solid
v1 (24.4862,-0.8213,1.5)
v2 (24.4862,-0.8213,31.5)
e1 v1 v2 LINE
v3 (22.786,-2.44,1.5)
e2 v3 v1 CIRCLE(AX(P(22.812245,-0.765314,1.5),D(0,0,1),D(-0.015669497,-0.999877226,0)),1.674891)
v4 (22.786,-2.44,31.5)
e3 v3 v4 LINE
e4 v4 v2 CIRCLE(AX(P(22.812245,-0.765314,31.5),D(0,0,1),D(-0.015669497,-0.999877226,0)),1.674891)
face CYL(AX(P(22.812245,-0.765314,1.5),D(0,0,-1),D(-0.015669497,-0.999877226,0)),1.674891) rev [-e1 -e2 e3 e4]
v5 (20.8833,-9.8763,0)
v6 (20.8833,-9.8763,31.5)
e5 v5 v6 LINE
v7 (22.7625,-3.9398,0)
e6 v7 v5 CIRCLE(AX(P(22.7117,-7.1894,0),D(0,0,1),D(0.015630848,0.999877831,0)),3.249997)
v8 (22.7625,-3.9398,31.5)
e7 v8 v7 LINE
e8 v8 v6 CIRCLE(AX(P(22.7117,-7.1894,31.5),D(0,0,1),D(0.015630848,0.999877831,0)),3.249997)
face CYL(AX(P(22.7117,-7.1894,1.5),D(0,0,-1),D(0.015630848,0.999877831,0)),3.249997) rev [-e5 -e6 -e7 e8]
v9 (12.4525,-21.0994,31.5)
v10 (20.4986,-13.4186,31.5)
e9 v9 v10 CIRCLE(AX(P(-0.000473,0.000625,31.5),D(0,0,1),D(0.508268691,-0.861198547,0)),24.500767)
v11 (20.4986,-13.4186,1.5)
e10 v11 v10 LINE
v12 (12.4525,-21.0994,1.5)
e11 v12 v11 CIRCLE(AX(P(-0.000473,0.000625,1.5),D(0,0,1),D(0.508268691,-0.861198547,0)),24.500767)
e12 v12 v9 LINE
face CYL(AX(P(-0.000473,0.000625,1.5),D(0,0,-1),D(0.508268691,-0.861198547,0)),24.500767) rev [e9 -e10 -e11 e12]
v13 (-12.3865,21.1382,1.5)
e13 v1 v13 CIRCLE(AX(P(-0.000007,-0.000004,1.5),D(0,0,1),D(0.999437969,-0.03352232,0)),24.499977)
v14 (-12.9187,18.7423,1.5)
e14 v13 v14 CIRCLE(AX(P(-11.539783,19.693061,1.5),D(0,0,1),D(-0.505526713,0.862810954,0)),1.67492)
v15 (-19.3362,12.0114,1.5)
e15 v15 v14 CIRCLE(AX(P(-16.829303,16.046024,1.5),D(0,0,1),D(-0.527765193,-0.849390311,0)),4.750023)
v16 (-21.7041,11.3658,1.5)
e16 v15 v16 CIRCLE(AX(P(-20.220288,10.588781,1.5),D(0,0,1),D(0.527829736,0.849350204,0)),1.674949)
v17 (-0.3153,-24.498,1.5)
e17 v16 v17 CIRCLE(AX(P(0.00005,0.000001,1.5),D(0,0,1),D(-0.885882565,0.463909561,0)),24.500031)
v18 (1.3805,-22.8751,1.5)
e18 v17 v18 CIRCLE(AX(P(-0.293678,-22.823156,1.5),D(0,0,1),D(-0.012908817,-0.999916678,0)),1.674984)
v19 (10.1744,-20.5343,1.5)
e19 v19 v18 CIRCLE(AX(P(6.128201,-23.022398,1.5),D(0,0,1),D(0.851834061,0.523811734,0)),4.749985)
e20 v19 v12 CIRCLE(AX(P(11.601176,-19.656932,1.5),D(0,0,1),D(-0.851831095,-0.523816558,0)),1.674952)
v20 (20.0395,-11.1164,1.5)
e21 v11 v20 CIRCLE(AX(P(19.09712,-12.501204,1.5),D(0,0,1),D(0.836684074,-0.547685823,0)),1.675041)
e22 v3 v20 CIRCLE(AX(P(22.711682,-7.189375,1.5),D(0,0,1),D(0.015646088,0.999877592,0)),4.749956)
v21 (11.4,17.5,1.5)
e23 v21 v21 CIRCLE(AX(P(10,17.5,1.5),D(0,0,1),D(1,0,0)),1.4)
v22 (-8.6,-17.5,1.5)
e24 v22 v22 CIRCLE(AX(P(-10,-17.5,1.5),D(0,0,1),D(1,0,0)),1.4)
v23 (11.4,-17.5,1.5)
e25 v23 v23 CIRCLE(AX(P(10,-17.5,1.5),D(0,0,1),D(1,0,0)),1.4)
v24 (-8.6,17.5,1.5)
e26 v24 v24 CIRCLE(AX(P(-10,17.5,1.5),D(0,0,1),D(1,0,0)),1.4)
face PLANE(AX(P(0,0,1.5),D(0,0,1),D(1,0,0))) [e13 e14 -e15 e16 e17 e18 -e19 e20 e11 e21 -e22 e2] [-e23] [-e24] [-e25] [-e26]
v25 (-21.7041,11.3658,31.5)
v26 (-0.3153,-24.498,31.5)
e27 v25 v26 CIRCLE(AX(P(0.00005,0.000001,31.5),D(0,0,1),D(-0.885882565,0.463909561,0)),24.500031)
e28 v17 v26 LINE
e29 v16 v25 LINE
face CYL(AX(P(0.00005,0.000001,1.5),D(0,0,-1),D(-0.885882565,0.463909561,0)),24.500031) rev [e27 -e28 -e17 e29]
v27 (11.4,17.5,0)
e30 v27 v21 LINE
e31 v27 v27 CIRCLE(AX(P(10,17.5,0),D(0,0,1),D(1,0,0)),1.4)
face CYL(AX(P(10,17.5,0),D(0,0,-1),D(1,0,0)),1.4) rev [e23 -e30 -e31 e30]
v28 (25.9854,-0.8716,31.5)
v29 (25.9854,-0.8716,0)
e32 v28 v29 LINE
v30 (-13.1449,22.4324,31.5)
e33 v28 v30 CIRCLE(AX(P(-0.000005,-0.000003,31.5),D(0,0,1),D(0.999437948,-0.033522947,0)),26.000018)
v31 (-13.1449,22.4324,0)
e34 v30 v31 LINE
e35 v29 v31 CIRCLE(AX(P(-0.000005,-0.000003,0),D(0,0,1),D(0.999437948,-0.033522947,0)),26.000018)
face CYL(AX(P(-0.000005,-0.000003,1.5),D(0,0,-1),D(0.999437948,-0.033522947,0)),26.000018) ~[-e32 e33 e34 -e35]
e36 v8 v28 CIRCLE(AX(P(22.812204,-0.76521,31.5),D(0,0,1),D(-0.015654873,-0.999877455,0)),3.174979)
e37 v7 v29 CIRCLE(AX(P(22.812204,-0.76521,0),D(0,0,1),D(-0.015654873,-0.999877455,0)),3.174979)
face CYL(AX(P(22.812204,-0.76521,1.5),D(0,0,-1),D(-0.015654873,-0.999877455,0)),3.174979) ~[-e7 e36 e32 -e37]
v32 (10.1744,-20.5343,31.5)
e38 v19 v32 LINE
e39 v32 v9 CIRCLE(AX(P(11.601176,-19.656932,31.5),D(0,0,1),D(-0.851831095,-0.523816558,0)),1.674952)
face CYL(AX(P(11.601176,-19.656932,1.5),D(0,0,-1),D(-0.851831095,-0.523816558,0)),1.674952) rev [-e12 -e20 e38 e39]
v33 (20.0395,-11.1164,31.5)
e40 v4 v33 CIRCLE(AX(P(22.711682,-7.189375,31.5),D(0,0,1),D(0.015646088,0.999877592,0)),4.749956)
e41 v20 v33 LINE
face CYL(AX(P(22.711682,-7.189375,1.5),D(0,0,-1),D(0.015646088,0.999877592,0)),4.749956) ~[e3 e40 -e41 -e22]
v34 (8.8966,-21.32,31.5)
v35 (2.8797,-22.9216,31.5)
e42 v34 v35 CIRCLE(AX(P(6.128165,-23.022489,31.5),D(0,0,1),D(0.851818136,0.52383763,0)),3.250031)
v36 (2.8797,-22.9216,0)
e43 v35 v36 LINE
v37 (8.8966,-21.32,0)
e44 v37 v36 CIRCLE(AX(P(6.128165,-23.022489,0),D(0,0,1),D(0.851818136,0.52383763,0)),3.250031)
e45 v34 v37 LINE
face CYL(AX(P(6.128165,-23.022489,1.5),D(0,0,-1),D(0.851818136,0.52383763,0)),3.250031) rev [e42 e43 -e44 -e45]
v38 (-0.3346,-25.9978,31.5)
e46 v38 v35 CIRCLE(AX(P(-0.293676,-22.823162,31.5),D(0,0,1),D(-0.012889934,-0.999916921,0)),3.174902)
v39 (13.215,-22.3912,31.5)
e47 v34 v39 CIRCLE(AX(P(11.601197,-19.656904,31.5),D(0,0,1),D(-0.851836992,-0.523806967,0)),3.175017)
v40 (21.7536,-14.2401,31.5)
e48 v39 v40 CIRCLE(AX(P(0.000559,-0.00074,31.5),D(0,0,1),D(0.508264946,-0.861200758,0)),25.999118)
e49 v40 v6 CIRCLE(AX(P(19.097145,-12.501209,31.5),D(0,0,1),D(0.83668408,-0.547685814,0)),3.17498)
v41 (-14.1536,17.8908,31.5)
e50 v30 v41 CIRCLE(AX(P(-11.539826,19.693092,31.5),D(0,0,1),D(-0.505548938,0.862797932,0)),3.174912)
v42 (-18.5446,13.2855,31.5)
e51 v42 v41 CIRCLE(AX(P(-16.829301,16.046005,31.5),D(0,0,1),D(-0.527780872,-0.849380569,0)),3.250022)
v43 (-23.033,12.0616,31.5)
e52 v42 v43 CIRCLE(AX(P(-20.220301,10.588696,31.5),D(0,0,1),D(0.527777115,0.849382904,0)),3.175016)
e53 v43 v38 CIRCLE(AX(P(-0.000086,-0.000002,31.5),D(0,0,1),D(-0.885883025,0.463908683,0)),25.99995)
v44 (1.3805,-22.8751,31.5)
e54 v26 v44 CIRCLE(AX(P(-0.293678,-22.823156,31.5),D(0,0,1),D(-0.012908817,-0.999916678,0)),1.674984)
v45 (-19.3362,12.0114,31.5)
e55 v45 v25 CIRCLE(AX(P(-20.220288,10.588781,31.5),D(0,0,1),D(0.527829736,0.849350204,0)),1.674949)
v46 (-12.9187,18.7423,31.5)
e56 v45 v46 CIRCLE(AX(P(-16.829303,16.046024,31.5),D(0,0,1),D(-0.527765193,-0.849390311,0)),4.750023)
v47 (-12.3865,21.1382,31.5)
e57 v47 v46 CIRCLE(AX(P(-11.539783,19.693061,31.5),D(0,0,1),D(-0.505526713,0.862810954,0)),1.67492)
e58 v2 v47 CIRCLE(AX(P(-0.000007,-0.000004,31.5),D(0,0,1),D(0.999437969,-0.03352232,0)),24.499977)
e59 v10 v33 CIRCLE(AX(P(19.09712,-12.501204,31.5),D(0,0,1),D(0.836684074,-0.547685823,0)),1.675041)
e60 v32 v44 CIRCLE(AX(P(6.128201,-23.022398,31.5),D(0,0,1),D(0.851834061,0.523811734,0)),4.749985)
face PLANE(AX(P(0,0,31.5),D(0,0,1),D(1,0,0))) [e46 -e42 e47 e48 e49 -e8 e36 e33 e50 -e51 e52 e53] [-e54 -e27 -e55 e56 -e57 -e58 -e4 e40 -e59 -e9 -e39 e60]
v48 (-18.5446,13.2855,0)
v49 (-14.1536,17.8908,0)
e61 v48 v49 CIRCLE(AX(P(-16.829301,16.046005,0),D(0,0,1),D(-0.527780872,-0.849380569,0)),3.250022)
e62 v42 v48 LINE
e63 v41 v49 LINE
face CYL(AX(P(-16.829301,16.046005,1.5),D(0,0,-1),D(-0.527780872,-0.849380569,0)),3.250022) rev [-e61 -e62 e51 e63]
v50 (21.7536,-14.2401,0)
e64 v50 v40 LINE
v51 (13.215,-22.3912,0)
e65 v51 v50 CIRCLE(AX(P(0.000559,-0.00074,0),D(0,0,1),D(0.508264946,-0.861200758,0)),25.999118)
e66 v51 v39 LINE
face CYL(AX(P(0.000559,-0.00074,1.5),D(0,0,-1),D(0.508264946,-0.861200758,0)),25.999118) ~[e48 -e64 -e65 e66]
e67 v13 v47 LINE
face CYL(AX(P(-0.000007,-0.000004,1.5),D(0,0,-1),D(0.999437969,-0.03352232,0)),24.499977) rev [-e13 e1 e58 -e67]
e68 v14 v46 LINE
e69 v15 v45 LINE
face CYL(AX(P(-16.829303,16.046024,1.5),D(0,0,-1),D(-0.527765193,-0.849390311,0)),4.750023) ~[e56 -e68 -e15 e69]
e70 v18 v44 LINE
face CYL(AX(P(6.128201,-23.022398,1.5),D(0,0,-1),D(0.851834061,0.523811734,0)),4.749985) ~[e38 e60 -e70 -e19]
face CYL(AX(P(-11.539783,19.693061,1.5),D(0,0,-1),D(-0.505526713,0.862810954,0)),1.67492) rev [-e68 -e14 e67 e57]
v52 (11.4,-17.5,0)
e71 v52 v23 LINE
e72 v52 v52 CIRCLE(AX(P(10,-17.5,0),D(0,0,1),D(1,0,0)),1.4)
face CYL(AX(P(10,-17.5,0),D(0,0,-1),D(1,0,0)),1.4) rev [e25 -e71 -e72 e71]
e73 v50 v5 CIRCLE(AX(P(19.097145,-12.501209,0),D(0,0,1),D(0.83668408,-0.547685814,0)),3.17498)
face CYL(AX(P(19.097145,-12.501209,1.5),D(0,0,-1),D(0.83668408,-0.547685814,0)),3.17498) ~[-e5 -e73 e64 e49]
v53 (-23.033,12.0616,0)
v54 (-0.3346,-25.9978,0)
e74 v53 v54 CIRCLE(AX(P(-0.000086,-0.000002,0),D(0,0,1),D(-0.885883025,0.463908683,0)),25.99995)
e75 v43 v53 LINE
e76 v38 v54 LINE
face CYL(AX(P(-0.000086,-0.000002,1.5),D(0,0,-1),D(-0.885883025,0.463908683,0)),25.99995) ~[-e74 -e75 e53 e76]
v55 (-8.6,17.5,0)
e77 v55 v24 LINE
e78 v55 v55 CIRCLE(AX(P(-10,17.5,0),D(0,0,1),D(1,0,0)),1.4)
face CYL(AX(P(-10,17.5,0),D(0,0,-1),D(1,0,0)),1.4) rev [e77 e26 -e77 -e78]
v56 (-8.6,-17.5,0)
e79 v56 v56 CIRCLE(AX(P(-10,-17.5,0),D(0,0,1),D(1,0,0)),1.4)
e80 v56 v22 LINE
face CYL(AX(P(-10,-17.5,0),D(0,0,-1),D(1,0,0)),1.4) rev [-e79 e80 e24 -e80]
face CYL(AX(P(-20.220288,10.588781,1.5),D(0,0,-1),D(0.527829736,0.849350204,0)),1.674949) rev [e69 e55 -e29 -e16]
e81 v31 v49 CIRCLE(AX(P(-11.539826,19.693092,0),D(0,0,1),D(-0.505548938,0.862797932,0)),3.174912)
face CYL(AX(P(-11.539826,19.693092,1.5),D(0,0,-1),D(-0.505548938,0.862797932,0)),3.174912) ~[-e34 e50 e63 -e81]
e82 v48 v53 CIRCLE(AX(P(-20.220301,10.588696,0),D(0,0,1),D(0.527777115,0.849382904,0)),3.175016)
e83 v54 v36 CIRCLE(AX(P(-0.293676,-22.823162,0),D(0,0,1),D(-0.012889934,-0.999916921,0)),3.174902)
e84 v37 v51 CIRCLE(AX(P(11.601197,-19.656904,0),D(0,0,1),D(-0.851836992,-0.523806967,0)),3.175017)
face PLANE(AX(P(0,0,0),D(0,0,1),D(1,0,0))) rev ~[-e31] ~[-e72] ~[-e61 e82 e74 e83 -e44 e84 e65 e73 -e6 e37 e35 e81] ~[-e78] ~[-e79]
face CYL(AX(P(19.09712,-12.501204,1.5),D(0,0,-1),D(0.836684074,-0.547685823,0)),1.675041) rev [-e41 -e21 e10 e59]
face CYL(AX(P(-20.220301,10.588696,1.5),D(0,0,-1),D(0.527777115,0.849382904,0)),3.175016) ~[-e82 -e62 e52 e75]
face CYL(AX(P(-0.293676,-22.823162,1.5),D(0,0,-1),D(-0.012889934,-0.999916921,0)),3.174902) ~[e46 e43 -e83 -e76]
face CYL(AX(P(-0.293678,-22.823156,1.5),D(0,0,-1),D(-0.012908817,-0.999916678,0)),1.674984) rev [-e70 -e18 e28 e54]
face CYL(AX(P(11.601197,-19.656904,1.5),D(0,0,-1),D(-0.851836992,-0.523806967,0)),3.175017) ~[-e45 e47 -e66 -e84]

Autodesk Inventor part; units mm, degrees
ref_plane "YZ Plane" through (0, 0, 0) normal (1, 0, 0) x (0, 1, 0)
ref_plane "XZ Plane" through (0, 0, 0) normal (0, 1, 0) x (-1, 0, 0)
ref_plane "XY Plane" through (0, 0, 0) normal (0, 0, 1) x (1, 0, 0)
ref_plane "Arbeitsebene1" through (0, 0, 0) normal (0, 0, 1) x (1, 0, 0)
sketch "Skizze1" plane through (0, 0, 0) normal (0, 0, 1) x (1, 0, 0)
  arc A0 (22.7625, -3.9398) -> (25.9854, -0.8716) centre (22.8122, -0.7652) ccw projected
  arc A1 (25.9854, -0.8716) -> (-13.1449, 22.4324) centre (0, 0) ccw projected
  arc A2 (-13.1449, 22.4324) -> (-14.1536, 17.8908) centre (-11.5397, 19.693) ccw projected
  arc A3 (-18.5446, 13.2855) -> (-14.1536, 17.8908) centre (-16.8293, 16.046) ccw projected
  arc A4 (-18.5446, 13.2855) -> (-23.033, 12.0616) centre (-20.2203, 10.5887) ccw projected
  arc A5 (-23.033, 12.0616) -> (-0.3346, -25.9978) centre (0, 0) ccw projected
  arc A6 (-0.3346, -25.9978) -> (2.8797, -22.9216) centre (-0.2937, -22.8231) ccw projected
  arc A7 (8.8966, -21.32) -> (2.8797, -22.9216) centre (6.1282, -23.0224) ccw projected
  arc A8 (8.8966, -21.32) -> (13.215, -22.3912) centre (11.6012, -19.6569) ccw projected
  arc A9 (13.215, -22.3912) -> (21.7536, -14.2401) centre (0, 0) ccw projected
  arc A10 (21.7536, -14.2401) -> (20.8833, -9.8763) centre (19.0971, -12.5012) ccw projected
  arc A11 (22.7625, -3.9398) -> (20.8833, -9.8763) centre (22.7117, -7.1894) ccw projected
  line L0 (15.6075, -13.9435) -> (-2.8275, -13.9435) projected
  arc A12 (-2.8275, -8.8258) -> (-2.8275, -13.9435) centre (-2.8275, -11.3847) ccw projected
  line L1 (-2.8275, -8.8258) -> (15.6075, -8.8258) projected
  arc A13 (15.6075, -13.9435) -> (15.6075, -8.8258) centre (15.6075, -11.3847) ccw projected
  line L2 (15.5975, 8.4145) -> (-2.8205, 8.4145) projected
  arc A14 (-2.8205, 13.5462) -> (-2.8205, 8.4145) centre (-2.8205, 10.9803) ccw projected
  line L3 (-2.8205, 13.5462) -> (15.5975, 13.5462) projected
  arc A15 (15.5975, 8.4145) -> (15.5975, 13.5462) centre (15.5975, 10.9803) ccw projected
  circle A16 centre (10, -17.5) radius 3.25 projected
  circle A17 centre (-10, 17.5) radius 3.25 projected
  circle A18 centre (10, 17.5) radius 3.25 projected
  circle A19 centre (-10, -17.5) radius 3.25 projected
  circle A20 centre (-10, 17.5) radius 1.4
  circle A21 centre (10, 17.5) radius 1.4
  circle A22 centre (10, -17.5) radius 1.4
  circle A23 centre (-10, -17.5) radius 1.4
  point P0 (0, 0)
  dimension "d0" = 2.8
  dimension "d1" = 2.8
  dimension "d2" = 2.8
  dimension "d3" = 2.8
extrude "Extrusion1" add sketch "Skizze1" along normal blind 1.5 contours A11 A10 A9 A8 A7 A6 A5 A4 A3 A2 A1 A0 | L0 A12 L1 A13 | L2 A14 L3 A15 | A16 | A17 | A18 | A19
sketch "Skizze2" plane through (0, 0, 1.5) normal (0, 0, 1) x (1, 0, 0)
  arc A0 (13.215, -22.3912) -> (21.7536, -14.2401) centre (0, 0) ccw projected
  arc A1 (21.7536, -14.2401) -> (20.8833, -9.8763) centre (19.0971, -12.5012) ccw projected
  arc A2 (22.7625, -3.9398) -> (20.8833, -9.8763) centre (22.7117, -7.1894) ccw projected
  arc A3 (22.7625, -3.9398) -> (25.9854, -0.8716) centre (22.8122, -0.7652) ccw projected
  arc A4 (25.9854, -0.8716) -> (-13.1449, 22.4324) centre (0, 0) ccw projected
  arc A5 (-13.1449, 22.4324) -> (-14.1536, 17.8908) centre (-11.5397, 19.693) ccw projected
  arc A6 (-18.5446, 13.2855) -> (-14.1536, 17.8908) centre (-16.8293, 16.046) ccw projected
  arc A7 (-18.5446, 13.2855) -> (-23.033, 12.0616) centre (-20.2203, 10.5887) ccw projected
  arc A8 (-23.033, 12.0616) -> (-0.3346, -25.9978) centre (0, 0) ccw projected
  arc A9 (-0.3346, -25.9978) -> (2.8797, -22.9216) centre (-0.2937, -22.8231) ccw projected
  arc A10 (8.8966, -21.32) -> (2.8797, -22.9216) centre (6.1282, -23.0224) ccw projected
  arc A11 (8.8966, -21.32) -> (13.215, -22.3912) centre (11.6012, -19.6569) ccw projected
  circle A12 centre (10, -17.5) radius 1.4 projected
  circle A13 centre (-10, 17.5) radius 1.4 projected
  circle A14 centre (10, 17.5) radius 1.4 projected
  circle A15 centre (-10, -17.5) radius 1.4 projected
  arc A16 (24.4862, -0.8213) -> (-12.3865, 21.1382) centre (0, 0) ccw
  arc A17 (22.786, -2.44) -> (24.4862, -0.8213) centre (22.8122, -0.7652) ccw
  arc A18 (22.786, -2.44) -> (20.0395, -11.1164) centre (22.7117, -7.1894) ccw
  arc A19 (20.4986, -13.4186) -> (20.0395, -11.1164) centre (19.0971, -12.5012) ccw
  arc A20 (12.4525, -21.0994) -> (20.4986, -13.4186) centre (0, 0) ccw
  arc A21 (10.1744, -20.5343) -> (12.4525, -21.0994) centre (11.6012, -19.6569) ccw
  arc A22 (10.1744, -20.5343) -> (1.3805, -22.8751) centre (6.1282, -23.0224) ccw
  arc A23 (-0.3153, -24.498) -> (1.3805, -22.8751) centre (-0.2937, -22.8231) ccw
  arc A24 (-21.7041, 11.3658) -> (-0.3153, -24.498) centre (0, 0) ccw
  arc A25 (-19.3362, 12.0114) -> (-21.7041, 11.3658) centre (-20.2203, 10.5887) ccw
  arc A26 (-19.3362, 12.0114) -> (-12.9187, 18.7423) centre (-16.8293, 16.046) ccw
  arc A27 (-12.3865, 21.1382) -> (-12.9187, 18.7423) centre (-11.5397, 19.693) ccw
  point P0 (0, 0)
  dimension "d6" = 1.5
extrude "Extrusion2" add sketch "Skizze2" along normal blind 30 contours A11 A10 A9 A8 A7 A6 A5 A4 A3 A2 A1 A0
properties part number "Anglerfish_Batterycase"
